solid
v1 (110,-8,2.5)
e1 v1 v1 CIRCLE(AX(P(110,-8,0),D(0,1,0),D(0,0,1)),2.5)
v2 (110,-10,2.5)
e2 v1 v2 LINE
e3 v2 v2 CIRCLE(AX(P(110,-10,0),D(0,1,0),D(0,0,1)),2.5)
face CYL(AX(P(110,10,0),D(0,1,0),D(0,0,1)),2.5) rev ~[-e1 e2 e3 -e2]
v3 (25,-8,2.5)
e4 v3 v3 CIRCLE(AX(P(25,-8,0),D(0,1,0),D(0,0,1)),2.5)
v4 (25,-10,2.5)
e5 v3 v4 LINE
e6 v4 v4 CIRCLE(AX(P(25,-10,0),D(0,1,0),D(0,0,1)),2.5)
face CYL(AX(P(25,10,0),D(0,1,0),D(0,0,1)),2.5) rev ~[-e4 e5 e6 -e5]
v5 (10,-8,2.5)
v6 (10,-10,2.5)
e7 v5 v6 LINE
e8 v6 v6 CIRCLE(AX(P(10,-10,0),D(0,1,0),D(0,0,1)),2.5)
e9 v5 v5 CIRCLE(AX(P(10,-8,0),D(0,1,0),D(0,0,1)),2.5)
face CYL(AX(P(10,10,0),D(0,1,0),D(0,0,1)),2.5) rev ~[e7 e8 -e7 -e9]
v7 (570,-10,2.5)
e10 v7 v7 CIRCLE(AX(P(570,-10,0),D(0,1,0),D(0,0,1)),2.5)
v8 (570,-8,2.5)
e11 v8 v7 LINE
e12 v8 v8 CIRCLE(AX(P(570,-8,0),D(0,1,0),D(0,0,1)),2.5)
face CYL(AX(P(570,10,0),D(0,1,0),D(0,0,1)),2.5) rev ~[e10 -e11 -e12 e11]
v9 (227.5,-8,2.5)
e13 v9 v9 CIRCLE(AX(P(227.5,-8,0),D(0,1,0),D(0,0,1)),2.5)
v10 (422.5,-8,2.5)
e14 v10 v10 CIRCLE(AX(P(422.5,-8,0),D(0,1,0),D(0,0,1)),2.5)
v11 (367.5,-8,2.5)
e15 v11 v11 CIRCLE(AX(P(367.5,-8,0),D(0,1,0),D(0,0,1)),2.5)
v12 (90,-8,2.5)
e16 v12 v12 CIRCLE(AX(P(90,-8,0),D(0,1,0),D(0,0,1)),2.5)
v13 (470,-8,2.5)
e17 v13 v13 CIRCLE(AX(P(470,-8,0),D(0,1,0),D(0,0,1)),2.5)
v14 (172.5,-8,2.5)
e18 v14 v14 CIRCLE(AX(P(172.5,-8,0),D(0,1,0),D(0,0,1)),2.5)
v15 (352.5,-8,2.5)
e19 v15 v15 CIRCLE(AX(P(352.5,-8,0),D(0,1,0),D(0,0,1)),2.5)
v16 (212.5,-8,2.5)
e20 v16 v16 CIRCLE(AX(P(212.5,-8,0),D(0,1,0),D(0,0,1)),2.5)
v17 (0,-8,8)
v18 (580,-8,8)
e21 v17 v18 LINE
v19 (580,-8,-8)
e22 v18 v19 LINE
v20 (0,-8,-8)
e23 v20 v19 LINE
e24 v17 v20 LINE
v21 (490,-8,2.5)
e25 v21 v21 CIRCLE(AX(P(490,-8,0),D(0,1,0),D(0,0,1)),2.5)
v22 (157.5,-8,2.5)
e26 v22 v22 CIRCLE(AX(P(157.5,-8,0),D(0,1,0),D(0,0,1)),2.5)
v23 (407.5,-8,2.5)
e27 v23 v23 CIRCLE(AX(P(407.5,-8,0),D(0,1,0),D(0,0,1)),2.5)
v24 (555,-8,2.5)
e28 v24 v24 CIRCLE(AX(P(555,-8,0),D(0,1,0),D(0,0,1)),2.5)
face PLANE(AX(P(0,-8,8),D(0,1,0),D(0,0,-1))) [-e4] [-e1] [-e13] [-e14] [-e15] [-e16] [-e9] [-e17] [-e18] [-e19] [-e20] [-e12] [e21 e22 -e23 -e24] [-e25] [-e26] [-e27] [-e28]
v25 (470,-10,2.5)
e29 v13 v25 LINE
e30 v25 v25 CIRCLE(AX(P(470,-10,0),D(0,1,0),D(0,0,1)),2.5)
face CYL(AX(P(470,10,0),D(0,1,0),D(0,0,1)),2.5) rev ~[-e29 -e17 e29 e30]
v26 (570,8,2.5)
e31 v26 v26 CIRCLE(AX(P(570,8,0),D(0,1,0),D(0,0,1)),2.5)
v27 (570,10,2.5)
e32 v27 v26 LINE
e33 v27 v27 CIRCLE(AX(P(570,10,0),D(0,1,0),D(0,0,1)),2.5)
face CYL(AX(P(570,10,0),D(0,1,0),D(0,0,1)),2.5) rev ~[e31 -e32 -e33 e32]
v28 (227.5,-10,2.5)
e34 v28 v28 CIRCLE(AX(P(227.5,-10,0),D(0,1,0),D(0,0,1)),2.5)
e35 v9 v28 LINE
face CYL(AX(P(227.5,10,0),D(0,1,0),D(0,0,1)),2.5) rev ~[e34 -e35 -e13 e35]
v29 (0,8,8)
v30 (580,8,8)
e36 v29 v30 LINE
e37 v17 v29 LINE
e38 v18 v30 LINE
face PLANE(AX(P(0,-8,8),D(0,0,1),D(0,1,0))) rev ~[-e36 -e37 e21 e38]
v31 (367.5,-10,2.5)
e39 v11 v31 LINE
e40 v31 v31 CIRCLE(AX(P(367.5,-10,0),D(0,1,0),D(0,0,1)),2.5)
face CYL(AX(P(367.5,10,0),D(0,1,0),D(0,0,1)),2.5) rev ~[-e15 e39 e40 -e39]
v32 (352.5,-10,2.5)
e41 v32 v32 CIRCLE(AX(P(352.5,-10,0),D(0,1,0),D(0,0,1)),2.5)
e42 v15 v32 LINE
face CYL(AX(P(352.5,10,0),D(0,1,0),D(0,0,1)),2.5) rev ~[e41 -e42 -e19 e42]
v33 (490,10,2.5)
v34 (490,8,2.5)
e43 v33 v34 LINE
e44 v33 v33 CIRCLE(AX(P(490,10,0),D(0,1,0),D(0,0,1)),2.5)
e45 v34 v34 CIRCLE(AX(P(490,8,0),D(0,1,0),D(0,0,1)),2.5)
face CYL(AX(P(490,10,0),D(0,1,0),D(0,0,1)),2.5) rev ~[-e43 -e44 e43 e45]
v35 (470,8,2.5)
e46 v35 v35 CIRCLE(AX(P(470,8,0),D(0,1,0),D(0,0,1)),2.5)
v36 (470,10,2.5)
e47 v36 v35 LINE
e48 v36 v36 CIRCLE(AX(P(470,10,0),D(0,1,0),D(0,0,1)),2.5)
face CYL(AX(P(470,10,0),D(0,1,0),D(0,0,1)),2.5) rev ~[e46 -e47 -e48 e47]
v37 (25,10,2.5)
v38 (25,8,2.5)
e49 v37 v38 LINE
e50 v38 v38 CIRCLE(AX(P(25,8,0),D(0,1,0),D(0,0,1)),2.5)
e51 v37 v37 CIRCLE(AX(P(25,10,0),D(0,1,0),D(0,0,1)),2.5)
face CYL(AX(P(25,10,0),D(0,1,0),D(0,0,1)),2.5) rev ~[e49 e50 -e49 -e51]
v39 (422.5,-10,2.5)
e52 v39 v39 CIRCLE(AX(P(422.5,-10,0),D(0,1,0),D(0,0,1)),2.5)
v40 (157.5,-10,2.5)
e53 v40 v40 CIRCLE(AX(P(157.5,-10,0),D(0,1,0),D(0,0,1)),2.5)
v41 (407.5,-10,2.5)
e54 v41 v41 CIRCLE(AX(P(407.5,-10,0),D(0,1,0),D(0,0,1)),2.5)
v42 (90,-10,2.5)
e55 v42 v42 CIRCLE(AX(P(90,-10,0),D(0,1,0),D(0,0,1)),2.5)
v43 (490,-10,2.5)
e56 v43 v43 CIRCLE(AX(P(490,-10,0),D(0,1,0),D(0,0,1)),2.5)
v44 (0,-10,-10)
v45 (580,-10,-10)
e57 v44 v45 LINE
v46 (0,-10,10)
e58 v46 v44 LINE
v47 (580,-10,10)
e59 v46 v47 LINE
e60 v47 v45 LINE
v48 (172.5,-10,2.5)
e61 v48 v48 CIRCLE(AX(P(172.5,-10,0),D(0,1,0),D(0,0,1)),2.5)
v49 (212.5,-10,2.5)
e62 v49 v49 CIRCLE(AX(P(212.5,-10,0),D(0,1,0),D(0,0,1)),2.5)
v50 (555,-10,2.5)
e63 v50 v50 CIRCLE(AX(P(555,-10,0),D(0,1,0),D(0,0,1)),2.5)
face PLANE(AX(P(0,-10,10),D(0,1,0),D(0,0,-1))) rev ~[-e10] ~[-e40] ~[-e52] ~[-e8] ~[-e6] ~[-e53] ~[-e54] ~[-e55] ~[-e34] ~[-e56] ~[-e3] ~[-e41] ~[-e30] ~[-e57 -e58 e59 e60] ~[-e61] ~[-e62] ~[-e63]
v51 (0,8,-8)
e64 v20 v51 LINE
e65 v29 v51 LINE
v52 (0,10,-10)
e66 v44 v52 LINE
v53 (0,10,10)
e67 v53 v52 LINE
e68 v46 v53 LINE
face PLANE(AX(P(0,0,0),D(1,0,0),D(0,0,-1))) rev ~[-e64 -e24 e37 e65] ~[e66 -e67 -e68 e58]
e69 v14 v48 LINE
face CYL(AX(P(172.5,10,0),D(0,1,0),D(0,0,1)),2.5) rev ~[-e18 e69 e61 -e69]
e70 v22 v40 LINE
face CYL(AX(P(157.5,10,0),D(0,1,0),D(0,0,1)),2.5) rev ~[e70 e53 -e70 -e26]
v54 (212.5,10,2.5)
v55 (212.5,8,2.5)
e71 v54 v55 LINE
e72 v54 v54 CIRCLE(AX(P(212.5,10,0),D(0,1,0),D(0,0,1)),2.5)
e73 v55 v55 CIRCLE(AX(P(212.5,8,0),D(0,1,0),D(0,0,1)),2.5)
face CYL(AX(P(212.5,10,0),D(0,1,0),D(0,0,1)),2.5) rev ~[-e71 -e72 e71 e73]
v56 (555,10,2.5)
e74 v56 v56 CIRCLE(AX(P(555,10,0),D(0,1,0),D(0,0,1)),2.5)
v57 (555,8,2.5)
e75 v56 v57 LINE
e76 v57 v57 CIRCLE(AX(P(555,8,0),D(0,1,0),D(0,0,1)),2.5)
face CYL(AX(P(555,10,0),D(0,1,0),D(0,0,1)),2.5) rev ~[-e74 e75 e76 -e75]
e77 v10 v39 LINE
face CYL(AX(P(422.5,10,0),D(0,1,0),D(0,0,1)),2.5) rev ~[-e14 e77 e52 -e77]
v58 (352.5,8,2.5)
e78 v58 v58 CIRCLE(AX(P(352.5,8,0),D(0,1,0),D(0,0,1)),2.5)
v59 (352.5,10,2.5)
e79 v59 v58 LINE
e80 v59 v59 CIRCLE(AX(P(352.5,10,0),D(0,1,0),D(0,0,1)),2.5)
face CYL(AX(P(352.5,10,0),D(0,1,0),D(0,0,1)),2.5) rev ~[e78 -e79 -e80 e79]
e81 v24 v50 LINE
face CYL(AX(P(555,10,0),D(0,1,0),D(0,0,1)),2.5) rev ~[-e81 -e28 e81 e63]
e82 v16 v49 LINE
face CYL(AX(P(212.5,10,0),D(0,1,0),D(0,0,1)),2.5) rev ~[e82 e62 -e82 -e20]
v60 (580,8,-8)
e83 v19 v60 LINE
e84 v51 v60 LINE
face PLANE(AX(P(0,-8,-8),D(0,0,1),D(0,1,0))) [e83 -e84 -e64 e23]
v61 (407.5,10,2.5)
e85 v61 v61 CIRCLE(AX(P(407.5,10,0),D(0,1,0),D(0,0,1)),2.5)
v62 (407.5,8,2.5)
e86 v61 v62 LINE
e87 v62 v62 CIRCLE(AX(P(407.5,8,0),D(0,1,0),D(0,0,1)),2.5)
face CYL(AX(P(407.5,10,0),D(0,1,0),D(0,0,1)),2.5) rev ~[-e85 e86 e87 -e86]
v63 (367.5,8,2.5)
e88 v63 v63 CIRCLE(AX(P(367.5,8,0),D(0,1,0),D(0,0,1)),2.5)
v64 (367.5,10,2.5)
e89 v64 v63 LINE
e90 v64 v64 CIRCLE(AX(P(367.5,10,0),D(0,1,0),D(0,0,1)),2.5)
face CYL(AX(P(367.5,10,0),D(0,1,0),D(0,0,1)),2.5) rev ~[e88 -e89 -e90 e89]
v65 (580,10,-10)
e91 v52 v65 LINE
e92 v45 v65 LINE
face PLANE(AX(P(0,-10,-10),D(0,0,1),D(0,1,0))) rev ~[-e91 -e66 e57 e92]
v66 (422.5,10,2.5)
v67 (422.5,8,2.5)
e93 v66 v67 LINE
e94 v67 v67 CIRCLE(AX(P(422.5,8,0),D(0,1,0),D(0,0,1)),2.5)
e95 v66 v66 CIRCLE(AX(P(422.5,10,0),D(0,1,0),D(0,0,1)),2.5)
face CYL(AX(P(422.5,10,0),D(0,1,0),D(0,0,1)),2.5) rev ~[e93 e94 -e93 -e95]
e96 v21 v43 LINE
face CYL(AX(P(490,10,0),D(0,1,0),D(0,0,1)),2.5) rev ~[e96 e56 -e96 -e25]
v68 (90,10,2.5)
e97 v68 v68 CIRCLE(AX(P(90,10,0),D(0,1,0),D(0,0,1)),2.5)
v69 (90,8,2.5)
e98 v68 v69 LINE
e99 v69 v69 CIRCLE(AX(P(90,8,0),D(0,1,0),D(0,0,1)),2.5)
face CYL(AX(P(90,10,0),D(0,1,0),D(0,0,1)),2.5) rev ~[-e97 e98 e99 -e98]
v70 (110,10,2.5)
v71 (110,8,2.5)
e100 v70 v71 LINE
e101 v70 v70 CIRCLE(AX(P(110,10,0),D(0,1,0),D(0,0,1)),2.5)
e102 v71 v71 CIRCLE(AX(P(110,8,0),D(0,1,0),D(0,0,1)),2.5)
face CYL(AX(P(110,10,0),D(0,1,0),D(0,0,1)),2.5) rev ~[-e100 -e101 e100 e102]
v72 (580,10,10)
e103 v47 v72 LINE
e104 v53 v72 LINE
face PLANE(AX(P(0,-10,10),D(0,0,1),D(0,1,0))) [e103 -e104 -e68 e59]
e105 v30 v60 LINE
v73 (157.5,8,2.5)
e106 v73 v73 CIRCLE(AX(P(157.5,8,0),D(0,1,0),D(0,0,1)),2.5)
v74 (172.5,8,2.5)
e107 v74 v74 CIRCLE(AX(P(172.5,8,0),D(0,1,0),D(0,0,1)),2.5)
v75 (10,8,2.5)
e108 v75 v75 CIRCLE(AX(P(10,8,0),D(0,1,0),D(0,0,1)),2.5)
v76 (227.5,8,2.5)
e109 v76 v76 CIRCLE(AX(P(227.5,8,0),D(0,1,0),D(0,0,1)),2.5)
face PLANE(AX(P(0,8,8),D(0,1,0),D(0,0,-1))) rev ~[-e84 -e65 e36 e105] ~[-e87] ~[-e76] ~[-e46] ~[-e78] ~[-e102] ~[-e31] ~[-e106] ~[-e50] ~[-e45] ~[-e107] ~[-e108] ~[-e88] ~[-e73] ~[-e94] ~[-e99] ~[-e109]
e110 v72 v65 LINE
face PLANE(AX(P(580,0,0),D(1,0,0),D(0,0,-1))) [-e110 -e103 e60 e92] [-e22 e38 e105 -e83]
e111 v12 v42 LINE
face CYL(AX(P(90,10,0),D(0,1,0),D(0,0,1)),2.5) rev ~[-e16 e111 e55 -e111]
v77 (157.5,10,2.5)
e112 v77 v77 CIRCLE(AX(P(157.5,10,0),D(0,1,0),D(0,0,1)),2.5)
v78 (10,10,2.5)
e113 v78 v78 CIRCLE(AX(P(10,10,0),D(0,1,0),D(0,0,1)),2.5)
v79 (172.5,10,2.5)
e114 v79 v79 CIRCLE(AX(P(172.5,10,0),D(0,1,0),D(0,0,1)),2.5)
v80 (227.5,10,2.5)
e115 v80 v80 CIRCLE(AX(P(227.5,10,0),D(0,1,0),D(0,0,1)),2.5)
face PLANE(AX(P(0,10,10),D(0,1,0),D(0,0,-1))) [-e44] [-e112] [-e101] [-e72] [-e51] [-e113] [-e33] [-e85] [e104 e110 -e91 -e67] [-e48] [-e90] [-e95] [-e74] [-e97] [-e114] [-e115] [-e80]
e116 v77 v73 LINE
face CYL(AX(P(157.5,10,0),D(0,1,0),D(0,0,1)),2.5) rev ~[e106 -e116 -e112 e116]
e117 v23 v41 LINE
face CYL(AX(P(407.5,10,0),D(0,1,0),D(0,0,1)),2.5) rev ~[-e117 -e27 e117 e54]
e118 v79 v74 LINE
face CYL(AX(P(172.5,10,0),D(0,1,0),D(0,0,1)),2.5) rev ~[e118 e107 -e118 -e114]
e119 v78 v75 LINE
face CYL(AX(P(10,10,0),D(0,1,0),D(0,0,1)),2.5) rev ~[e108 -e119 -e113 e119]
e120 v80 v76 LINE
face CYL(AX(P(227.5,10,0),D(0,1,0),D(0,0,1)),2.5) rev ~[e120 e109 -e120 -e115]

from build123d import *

# Parameters (mm, degrees)
SKETCH1_W           = 20
SKETCH1_H           = 20
SKETCH1_W_2         = 16
SKETCH1_H_2         = 16
BOSS_EXTRUDE1_DEPTH = 580
SKETCH2_R           = 2.5
CUT_EXTRUDE1_DEPTH  = 581.430874437
SKETCH3_R           = 2.5
CUT_EXTRUDE2_DEPTH  = 581.430874437
SKETCH4_R           = 2.5
CUT_EXTRUDE3_DEPTH  = 581.430874437


with BuildPart() as part:
    # Sketch1 → Boss-Extrude1 (new body)
    with BuildSketch(Plane(origin=(0, 0, 0), x_dir=(0, 0, -1), z_dir=(1, 0, 0))):
        Rectangle(SKETCH1_W, SKETCH1_H)
        Rectangle(SKETCH1_W_2, SKETCH1_H_2, mode=Mode.SUBTRACT)
    extrude(amount=BOSS_EXTRUDE1_DEPTH)

    # Sketch2 → Cut-Extrude1 (cut, through all)
    with BuildSketch(Plane(origin=(0, 10, 0), x_dir=(1, 0, 0), z_dir=(0, 1, 0))):
        with Locations(Location((10, 0, 0), (0, 0, 270))):
            Circle(SKETCH2_R)
        with Locations(Location((570, 0, 0), (0, 0, 270))):
            Circle(SKETCH2_R)
        with Locations(Location((25, 0, 0), (0, 0, 270))):
            Circle(SKETCH2_R)
        with Locations(Location((555, 0, 0), (0, 0, 270))):
            Circle(SKETCH2_R)
    extrude(amount=-CUT_EXTRUDE1_DEPTH, mode=Mode.SUBTRACT)

    # Sketch3 → Cut-Extrude2 (cut, through all)
    with BuildSketch(Plane(origin=(0, 10, 0), x_dir=(1, 0, 0), z_dir=(0, 1, 0))):
        with Locations(Location((110, 0, 0), (0, 0, 270))):
            Circle(SKETCH3_R)
        with Locations(Location((90, 0, 0), (0, 0, 270))):
            Circle(SKETCH3_R)
        with Locations(Location((490, 0, 0), (0, 0, 270))):
            Circle(SKETCH3_R)
        with Locations(Location((470, 0, 0), (0, 0, 270))):
            Circle(SKETCH3_R)
    extrude(amount=-CUT_EXTRUDE2_DEPTH, mode=Mode.SUBTRACT)

    # Sketch4 → Cut-Extrude3 (cut, through all)
    with BuildSketch(Plane(origin=(0, 10, 0), x_dir=(1, 0, 0), z_dir=(0, 1, 0))):
        with Locations(Location((157.5, 0, 0), (0, 0, 270))):
            Circle(SKETCH4_R)
        with Locations(Location((172.5, 0, 0), (0, 0, 270))):
            Circle(SKETCH4_R)
        with Locations(Location((212.5, 0, 0), (0, 0, 270))):
            Circle(SKETCH4_R)
        with Locations(Location((227.5, 0, 0), (0, 0, 270))):
            Circle(SKETCH4_R)
        with Locations(Location((352.5, 0, 0), (0, 0, 270))):
            Circle(SKETCH4_R)
        with Locations(Location((367.5, 0, 0), (0, 0, 270))):
            Circle(SKETCH4_R)
        with Locations(Location((407.5, 0, 0), (0, 0, 270))):
            Circle(SKETCH4_R)
        with Locations(Location((422.5, 0, 0), (0, 0, 270))):
            Circle(SKETCH4_R)
    extrude(amount=-CUT_EXTRUDE3_DEPTH, mode=Mode.SUBTRACT)


solid = part.part
